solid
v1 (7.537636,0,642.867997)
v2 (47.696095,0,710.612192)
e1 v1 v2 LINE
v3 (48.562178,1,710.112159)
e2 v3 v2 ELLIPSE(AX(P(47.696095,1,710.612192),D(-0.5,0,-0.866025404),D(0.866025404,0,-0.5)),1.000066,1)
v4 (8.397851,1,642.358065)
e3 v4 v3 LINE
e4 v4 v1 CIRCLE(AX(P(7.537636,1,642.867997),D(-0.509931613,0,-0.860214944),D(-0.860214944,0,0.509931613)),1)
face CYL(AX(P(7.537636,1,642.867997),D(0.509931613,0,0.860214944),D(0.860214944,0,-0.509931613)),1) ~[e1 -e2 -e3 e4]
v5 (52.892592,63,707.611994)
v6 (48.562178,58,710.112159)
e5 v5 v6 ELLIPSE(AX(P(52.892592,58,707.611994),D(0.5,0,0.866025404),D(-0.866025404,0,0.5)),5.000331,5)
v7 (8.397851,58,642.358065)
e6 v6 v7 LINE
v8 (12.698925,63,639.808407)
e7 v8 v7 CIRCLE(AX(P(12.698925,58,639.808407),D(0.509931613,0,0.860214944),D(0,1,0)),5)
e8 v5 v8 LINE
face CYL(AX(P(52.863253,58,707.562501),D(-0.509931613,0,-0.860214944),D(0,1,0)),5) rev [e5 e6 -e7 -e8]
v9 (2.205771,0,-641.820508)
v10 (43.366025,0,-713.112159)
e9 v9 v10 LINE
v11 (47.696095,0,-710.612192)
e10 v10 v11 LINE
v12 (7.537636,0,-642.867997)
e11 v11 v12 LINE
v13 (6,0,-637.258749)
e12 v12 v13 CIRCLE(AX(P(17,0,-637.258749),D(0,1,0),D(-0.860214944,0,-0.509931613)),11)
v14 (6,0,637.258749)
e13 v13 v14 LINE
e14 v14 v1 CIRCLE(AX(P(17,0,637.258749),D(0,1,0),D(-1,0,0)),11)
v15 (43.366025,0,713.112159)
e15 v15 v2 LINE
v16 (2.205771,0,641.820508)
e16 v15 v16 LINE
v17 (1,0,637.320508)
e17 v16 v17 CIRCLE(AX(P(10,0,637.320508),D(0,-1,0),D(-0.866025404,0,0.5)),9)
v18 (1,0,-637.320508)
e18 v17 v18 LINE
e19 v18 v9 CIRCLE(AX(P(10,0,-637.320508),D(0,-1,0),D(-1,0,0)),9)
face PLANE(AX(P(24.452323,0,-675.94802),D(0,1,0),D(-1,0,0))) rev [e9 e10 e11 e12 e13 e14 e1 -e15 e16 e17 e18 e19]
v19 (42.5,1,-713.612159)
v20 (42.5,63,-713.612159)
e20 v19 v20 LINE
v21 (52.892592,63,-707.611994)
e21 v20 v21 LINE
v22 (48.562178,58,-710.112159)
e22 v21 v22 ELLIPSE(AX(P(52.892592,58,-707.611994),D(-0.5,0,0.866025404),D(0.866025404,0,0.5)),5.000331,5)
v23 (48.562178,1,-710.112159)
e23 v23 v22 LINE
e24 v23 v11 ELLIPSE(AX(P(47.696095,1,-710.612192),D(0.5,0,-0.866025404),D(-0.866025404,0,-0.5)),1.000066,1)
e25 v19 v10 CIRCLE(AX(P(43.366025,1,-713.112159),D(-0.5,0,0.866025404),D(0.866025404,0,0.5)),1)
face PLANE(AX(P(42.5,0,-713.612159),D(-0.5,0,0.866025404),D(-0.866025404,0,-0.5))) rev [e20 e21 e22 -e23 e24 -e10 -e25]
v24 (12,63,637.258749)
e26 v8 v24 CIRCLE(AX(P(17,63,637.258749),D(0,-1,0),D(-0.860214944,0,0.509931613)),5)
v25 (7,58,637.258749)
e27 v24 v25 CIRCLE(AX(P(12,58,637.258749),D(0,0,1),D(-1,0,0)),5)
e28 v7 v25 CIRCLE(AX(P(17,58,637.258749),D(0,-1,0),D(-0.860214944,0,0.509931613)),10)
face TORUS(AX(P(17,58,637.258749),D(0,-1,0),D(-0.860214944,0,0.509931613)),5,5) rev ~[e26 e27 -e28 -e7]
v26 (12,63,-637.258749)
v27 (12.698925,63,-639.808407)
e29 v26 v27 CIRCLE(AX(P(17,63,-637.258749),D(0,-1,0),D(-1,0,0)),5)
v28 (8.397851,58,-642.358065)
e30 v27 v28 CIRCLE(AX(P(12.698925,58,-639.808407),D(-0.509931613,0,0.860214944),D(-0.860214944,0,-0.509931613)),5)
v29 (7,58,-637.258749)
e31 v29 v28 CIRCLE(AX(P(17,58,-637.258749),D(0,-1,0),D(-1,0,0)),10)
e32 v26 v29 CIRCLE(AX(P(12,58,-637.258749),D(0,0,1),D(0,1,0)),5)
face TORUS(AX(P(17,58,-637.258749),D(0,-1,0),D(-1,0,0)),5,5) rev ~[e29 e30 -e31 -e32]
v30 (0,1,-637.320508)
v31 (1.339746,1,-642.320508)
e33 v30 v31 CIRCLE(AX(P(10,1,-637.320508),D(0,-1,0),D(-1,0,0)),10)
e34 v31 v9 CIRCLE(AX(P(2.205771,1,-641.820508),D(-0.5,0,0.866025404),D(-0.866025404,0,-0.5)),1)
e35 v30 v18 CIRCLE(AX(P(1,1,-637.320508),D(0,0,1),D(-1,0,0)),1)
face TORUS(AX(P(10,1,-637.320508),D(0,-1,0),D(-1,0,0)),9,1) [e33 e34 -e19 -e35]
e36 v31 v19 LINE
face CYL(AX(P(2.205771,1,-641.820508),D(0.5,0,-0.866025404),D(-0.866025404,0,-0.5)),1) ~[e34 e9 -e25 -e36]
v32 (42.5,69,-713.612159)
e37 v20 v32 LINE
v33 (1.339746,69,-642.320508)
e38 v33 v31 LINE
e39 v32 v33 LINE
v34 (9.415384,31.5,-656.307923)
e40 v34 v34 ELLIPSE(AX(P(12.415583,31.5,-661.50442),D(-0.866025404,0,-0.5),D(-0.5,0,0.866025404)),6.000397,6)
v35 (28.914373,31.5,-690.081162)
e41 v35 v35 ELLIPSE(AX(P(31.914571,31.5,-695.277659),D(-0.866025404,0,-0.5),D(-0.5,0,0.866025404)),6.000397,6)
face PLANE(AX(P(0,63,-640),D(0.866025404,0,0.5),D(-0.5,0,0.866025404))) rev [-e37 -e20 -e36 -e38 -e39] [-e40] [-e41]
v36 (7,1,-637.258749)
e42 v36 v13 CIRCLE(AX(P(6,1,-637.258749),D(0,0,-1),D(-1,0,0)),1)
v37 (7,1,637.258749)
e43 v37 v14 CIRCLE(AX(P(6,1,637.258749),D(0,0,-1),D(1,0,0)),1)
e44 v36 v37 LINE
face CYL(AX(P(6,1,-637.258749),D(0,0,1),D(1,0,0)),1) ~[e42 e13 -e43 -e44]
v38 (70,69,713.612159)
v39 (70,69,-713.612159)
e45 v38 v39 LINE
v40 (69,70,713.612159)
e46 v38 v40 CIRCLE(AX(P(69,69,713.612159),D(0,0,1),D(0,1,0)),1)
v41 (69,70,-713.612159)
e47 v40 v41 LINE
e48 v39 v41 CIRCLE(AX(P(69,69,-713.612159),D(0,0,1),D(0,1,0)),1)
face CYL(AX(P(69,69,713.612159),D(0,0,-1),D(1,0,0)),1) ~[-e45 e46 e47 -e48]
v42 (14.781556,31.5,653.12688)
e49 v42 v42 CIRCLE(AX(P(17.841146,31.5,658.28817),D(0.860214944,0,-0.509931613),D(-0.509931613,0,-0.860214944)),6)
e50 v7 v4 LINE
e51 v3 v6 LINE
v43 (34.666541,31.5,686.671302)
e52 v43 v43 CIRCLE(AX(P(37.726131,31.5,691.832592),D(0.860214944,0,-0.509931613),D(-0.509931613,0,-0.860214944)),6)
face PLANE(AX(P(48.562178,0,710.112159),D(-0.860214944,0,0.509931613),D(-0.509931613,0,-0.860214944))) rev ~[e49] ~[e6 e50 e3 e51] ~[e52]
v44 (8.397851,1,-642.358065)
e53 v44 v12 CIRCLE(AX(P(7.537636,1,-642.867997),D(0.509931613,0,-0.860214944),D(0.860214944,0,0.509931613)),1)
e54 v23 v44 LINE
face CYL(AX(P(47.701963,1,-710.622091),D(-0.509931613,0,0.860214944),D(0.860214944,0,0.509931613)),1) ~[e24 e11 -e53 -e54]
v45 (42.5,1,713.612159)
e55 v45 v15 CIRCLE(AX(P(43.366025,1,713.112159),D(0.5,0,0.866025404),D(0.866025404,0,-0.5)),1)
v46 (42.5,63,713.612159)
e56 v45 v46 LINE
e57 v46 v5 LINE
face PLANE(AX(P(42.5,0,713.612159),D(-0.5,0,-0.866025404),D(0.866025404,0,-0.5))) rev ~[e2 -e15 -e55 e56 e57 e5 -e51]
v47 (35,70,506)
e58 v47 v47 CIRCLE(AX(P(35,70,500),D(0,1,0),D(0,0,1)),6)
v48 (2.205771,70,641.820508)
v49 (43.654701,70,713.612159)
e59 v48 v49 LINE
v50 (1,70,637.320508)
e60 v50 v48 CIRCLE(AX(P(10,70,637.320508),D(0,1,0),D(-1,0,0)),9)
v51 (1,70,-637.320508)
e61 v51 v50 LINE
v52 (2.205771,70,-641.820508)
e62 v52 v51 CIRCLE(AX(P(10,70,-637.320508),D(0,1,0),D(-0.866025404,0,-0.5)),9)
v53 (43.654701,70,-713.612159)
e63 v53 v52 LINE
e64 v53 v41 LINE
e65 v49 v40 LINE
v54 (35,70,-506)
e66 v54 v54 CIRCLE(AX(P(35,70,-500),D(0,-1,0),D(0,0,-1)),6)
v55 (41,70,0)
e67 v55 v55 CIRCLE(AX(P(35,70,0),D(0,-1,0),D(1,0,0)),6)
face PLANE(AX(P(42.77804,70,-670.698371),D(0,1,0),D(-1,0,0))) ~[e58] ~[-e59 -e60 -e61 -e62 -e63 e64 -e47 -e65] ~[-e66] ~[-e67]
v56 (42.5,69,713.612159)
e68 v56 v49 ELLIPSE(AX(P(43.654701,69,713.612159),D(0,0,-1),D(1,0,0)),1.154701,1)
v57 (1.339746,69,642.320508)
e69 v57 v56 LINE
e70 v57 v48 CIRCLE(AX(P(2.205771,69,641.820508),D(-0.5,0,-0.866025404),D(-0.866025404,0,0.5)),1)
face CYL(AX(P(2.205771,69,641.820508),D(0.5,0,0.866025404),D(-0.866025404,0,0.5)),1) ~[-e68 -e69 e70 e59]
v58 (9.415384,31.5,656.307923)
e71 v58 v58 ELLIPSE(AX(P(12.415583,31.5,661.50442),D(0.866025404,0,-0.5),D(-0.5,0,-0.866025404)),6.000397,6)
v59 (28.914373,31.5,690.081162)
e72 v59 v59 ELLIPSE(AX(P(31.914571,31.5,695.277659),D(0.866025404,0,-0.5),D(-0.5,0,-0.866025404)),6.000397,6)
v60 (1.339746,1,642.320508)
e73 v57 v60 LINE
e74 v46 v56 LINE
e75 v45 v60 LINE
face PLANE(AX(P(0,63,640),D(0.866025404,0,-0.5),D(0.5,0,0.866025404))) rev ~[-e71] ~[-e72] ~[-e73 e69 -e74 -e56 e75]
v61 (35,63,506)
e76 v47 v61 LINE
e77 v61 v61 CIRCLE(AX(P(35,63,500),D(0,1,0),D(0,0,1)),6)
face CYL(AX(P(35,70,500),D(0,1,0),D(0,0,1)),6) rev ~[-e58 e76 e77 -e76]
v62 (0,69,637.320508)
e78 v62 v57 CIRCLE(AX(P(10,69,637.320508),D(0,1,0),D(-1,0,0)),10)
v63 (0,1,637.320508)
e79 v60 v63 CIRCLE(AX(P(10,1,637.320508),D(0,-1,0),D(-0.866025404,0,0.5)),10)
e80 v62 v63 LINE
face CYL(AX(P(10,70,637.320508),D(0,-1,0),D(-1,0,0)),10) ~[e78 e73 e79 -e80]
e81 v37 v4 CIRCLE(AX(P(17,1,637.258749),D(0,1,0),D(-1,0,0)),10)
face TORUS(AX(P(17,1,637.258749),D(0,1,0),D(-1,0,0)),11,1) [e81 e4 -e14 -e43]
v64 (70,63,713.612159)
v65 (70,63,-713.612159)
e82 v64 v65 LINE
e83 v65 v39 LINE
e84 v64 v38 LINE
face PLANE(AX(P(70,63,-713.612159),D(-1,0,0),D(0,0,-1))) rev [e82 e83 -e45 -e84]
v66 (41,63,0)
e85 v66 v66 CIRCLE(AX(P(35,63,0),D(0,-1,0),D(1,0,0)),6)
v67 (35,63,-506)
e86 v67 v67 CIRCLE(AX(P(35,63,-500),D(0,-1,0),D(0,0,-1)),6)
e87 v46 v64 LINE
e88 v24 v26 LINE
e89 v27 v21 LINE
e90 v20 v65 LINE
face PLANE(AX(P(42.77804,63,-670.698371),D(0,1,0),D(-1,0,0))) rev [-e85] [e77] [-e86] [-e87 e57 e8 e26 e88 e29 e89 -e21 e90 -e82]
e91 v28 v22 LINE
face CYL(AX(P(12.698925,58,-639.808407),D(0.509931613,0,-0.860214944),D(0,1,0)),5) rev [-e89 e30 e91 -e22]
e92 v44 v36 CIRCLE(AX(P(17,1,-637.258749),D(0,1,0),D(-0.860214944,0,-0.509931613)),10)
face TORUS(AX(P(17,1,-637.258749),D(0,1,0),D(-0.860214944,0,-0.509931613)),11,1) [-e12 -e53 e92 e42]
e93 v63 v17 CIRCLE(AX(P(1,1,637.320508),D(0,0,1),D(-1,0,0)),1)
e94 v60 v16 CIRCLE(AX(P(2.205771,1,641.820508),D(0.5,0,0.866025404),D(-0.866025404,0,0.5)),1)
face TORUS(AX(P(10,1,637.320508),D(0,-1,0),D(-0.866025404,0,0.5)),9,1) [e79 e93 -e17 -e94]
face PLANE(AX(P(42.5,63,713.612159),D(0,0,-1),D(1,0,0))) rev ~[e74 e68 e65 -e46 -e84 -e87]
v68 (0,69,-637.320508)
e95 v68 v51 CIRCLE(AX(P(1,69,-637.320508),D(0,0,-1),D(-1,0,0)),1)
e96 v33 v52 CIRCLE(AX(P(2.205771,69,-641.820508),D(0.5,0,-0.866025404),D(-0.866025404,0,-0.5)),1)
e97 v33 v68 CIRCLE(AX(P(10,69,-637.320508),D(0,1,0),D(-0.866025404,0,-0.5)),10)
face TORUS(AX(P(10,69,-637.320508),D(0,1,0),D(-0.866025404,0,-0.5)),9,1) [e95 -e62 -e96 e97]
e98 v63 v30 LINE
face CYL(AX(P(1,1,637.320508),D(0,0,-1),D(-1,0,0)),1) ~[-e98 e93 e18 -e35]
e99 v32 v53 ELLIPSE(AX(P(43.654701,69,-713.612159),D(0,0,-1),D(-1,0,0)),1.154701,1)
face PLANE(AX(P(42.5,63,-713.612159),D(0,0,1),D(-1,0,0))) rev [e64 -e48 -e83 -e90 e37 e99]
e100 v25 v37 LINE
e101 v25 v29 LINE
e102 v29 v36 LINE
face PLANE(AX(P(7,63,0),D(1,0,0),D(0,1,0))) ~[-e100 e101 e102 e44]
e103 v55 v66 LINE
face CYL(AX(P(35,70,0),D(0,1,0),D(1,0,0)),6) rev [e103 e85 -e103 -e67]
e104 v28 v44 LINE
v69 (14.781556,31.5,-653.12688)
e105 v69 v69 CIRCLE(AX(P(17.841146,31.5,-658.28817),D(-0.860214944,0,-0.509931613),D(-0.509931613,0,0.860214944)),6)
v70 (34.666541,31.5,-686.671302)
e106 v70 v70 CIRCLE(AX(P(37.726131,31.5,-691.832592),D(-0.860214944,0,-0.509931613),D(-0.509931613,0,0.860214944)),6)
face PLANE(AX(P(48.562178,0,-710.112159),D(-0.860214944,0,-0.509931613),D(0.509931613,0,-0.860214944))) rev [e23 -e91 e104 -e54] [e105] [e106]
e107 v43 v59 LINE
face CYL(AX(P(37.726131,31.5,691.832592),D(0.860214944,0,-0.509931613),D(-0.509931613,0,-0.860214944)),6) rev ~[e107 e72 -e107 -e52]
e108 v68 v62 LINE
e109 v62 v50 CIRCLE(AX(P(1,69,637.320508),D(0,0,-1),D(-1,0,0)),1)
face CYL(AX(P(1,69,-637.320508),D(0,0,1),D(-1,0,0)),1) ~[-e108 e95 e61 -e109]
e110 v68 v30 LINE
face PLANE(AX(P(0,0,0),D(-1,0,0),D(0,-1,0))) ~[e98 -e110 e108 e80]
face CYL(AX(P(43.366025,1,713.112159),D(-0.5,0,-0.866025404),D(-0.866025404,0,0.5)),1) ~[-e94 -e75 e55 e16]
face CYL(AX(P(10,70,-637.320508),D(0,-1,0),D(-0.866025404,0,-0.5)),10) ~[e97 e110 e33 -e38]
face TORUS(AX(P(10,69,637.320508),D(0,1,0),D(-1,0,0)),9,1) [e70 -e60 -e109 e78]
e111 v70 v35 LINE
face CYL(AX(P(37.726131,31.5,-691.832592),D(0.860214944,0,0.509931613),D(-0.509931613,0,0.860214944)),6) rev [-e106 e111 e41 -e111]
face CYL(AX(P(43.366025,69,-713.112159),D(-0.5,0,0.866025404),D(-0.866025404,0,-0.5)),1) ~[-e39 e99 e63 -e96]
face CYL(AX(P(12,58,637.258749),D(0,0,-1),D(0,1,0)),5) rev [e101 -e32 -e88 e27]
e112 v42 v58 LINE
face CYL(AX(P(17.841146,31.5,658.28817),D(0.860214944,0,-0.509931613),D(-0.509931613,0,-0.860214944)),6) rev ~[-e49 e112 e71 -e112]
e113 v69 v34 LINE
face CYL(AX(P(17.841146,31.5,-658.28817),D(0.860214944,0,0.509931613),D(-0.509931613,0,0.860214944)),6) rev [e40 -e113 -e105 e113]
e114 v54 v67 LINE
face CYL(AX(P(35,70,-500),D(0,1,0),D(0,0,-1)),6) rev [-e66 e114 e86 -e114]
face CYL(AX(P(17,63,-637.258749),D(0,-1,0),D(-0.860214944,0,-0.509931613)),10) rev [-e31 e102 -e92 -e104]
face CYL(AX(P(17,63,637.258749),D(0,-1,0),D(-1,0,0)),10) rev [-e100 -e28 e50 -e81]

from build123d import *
from build123d.topology import SkipClean

# Parameters (mm, degrees)
BOSS_EXTRUDE1_DEPTH = 640
SKETCH22_R          = 6
CUT_EXTRUDE4_DEPTH  = 10
BOSS_EXTRUDE2_DEPTH = 63
BOSS_EXTRUDE3_DEPTH = 7
SKETCH26_R          = 6
CUT_EXTRUDE5_DEPTH  = 7
FILLET1_R           = 10
FILLET2_R           = 10
FILLET3_R           = 5
FILLET5_R           = 1


with BuildPart() as part:
    # Sketch1 → Boss-Extrude1 (new body)
    with BuildSketch(Plane.XY):
        Polygon((0, 0), (0, 70), (70, 70), (70, 63), (7, 63), (7, 0), align=None)
    extrude(amount=BOSS_EXTRUDE1_DEPTH)

    # Sketch22 → Cut-Extrude4 (cut)
    with BuildSketch(Plane(origin=(0, 70, 0), x_dir=(1, 0, 0), z_dir=(0, 1, 0))):
        with Locations((35, 0)):
            Circle(SKETCH22_R)
        with Locations((35, 500)):
            Circle(SKETCH22_R)
        with Locations(Location((35, -500, 0), (0, 0, 270))):
            Circle(SKETCH22_R)
    extrude(amount=-CUT_EXTRUDE4_DEPTH, mode=Mode.SUBTRACT)

    # Sketch23 → Boss-Extrude2 (add)
    with BuildSketch(Plane(origin=(0, 0, 0), x_dir=(1, 0, 0), z_dir=(0, 1, 0))):
        Polygon((0, -640), (42.5, -713.612159322), (48.562177826, -710.112159322), (7, -640), align=None)
    extrude(amount=BOSS_EXTRUDE2_DEPTH)

    # Sketch25 → Boss-Extrude3 (add)
    with BuildSketch(Plane(origin=(0, 63, 0), x_dir=(1, 0, 0), z_dir=(0, 1, 0))):
        Polygon((70, -640), (0, -640), (42.5, -713.612159322), (70, -713.612159322), align=None)
    extrude(amount=BOSS_EXTRUDE3_DEPTH)

    # Sketch26 → Cut-Extrude5 (cut)
    with BuildSketch(Plane(origin=(-275.556719825, 0, 163.348804279), x_dir=(-0.5099316128113042, 0, -0.8602149442178172), z_dir=(0.8602149442178172, 0, -0.5099316128113042))):
        with Locations((-614.36248118, 31.5)):
            Circle(SKETCH26_R)
        with Locations((-575.367085589, 31.5)):
            Circle(SKETCH26_R)
    extrude(amount=-CUT_EXTRUDE5_DEPTH, mode=Mode.SUBTRACT)

    # Mirror1: part across plane


with BuildPart() as part_1:
    with SkipClean():  # the faces are left unmerged after this step: merging them gives an invalid solid
        add(part.part)
        add(part.part.mirror(Plane.XY))

    # Fillet1
    fillet1_edges = [part_1.edges().sort_by_distance(p)[0] for p in [
        (0, 35, 640),
        (0, 35, -640),
    ]]
    fillet(fillet1_edges, radius=FILLET1_R)

    # Fillet2
    fillet2_edges = [part_1.edges().sort_by_distance(p)[0] for p in [
        (7, 31.5, -640),
        (7, 31.5, 640),
    ]]
    fillet(fillet2_edges, radius=FILLET2_R)

    # Fillet3
    fillet3_edges = [part_1.edges().sort_by_distance(p)[0] for p in [
        (7, 63, 318.629374486),
        (7.355792038, 63, -639.902468471),
        (7.355792038, 63, 639.902468471),
        (28.480014192, 63, 676.235112211),
        (28.480014192, 63, -676.235112211),
    ]]
    fillet(fillet3_edges, radius=FILLET3_R)

    # Fillet5
    fillet5_edges = [part_1.edges().sort_by_distance(p)[0] for p in [
        (0, 70, 318.660254038),
        (0, 0, 318.660254038),
        (70, 70, 356.806079661),
        (21.919872981, 0, -677.966333699),
        (21.919872981, 0, 677.966333699),
        (0.340741737, 0, 639.908698527),
        (0.340741737, 0, -639.908698527),
        (21.919872981, 70, -677.966333699),
        (21.919872981, 70, 677.966333699),
        (0.340741737, 70, 639.908698527),
        (0.340741737, 70, -639.908698527),
        (7, 0, 318.629374486),
        (7.355792038, 0, 639.902468471),
        (7.355792038, 0, -639.902468471),
        (0, 70, 318.660254038),
        (0, 70, -318.660254038),
        (70, 70, 356.806079661),
        (70, 70, -356.806079661),
        (28.480014192, 0, 676.235112211),
        (28.480014192, 0, -676.235112211),
    ]]
    fillet(fillet5_edges, radius=FILLET5_R)


solid = part_1.part
